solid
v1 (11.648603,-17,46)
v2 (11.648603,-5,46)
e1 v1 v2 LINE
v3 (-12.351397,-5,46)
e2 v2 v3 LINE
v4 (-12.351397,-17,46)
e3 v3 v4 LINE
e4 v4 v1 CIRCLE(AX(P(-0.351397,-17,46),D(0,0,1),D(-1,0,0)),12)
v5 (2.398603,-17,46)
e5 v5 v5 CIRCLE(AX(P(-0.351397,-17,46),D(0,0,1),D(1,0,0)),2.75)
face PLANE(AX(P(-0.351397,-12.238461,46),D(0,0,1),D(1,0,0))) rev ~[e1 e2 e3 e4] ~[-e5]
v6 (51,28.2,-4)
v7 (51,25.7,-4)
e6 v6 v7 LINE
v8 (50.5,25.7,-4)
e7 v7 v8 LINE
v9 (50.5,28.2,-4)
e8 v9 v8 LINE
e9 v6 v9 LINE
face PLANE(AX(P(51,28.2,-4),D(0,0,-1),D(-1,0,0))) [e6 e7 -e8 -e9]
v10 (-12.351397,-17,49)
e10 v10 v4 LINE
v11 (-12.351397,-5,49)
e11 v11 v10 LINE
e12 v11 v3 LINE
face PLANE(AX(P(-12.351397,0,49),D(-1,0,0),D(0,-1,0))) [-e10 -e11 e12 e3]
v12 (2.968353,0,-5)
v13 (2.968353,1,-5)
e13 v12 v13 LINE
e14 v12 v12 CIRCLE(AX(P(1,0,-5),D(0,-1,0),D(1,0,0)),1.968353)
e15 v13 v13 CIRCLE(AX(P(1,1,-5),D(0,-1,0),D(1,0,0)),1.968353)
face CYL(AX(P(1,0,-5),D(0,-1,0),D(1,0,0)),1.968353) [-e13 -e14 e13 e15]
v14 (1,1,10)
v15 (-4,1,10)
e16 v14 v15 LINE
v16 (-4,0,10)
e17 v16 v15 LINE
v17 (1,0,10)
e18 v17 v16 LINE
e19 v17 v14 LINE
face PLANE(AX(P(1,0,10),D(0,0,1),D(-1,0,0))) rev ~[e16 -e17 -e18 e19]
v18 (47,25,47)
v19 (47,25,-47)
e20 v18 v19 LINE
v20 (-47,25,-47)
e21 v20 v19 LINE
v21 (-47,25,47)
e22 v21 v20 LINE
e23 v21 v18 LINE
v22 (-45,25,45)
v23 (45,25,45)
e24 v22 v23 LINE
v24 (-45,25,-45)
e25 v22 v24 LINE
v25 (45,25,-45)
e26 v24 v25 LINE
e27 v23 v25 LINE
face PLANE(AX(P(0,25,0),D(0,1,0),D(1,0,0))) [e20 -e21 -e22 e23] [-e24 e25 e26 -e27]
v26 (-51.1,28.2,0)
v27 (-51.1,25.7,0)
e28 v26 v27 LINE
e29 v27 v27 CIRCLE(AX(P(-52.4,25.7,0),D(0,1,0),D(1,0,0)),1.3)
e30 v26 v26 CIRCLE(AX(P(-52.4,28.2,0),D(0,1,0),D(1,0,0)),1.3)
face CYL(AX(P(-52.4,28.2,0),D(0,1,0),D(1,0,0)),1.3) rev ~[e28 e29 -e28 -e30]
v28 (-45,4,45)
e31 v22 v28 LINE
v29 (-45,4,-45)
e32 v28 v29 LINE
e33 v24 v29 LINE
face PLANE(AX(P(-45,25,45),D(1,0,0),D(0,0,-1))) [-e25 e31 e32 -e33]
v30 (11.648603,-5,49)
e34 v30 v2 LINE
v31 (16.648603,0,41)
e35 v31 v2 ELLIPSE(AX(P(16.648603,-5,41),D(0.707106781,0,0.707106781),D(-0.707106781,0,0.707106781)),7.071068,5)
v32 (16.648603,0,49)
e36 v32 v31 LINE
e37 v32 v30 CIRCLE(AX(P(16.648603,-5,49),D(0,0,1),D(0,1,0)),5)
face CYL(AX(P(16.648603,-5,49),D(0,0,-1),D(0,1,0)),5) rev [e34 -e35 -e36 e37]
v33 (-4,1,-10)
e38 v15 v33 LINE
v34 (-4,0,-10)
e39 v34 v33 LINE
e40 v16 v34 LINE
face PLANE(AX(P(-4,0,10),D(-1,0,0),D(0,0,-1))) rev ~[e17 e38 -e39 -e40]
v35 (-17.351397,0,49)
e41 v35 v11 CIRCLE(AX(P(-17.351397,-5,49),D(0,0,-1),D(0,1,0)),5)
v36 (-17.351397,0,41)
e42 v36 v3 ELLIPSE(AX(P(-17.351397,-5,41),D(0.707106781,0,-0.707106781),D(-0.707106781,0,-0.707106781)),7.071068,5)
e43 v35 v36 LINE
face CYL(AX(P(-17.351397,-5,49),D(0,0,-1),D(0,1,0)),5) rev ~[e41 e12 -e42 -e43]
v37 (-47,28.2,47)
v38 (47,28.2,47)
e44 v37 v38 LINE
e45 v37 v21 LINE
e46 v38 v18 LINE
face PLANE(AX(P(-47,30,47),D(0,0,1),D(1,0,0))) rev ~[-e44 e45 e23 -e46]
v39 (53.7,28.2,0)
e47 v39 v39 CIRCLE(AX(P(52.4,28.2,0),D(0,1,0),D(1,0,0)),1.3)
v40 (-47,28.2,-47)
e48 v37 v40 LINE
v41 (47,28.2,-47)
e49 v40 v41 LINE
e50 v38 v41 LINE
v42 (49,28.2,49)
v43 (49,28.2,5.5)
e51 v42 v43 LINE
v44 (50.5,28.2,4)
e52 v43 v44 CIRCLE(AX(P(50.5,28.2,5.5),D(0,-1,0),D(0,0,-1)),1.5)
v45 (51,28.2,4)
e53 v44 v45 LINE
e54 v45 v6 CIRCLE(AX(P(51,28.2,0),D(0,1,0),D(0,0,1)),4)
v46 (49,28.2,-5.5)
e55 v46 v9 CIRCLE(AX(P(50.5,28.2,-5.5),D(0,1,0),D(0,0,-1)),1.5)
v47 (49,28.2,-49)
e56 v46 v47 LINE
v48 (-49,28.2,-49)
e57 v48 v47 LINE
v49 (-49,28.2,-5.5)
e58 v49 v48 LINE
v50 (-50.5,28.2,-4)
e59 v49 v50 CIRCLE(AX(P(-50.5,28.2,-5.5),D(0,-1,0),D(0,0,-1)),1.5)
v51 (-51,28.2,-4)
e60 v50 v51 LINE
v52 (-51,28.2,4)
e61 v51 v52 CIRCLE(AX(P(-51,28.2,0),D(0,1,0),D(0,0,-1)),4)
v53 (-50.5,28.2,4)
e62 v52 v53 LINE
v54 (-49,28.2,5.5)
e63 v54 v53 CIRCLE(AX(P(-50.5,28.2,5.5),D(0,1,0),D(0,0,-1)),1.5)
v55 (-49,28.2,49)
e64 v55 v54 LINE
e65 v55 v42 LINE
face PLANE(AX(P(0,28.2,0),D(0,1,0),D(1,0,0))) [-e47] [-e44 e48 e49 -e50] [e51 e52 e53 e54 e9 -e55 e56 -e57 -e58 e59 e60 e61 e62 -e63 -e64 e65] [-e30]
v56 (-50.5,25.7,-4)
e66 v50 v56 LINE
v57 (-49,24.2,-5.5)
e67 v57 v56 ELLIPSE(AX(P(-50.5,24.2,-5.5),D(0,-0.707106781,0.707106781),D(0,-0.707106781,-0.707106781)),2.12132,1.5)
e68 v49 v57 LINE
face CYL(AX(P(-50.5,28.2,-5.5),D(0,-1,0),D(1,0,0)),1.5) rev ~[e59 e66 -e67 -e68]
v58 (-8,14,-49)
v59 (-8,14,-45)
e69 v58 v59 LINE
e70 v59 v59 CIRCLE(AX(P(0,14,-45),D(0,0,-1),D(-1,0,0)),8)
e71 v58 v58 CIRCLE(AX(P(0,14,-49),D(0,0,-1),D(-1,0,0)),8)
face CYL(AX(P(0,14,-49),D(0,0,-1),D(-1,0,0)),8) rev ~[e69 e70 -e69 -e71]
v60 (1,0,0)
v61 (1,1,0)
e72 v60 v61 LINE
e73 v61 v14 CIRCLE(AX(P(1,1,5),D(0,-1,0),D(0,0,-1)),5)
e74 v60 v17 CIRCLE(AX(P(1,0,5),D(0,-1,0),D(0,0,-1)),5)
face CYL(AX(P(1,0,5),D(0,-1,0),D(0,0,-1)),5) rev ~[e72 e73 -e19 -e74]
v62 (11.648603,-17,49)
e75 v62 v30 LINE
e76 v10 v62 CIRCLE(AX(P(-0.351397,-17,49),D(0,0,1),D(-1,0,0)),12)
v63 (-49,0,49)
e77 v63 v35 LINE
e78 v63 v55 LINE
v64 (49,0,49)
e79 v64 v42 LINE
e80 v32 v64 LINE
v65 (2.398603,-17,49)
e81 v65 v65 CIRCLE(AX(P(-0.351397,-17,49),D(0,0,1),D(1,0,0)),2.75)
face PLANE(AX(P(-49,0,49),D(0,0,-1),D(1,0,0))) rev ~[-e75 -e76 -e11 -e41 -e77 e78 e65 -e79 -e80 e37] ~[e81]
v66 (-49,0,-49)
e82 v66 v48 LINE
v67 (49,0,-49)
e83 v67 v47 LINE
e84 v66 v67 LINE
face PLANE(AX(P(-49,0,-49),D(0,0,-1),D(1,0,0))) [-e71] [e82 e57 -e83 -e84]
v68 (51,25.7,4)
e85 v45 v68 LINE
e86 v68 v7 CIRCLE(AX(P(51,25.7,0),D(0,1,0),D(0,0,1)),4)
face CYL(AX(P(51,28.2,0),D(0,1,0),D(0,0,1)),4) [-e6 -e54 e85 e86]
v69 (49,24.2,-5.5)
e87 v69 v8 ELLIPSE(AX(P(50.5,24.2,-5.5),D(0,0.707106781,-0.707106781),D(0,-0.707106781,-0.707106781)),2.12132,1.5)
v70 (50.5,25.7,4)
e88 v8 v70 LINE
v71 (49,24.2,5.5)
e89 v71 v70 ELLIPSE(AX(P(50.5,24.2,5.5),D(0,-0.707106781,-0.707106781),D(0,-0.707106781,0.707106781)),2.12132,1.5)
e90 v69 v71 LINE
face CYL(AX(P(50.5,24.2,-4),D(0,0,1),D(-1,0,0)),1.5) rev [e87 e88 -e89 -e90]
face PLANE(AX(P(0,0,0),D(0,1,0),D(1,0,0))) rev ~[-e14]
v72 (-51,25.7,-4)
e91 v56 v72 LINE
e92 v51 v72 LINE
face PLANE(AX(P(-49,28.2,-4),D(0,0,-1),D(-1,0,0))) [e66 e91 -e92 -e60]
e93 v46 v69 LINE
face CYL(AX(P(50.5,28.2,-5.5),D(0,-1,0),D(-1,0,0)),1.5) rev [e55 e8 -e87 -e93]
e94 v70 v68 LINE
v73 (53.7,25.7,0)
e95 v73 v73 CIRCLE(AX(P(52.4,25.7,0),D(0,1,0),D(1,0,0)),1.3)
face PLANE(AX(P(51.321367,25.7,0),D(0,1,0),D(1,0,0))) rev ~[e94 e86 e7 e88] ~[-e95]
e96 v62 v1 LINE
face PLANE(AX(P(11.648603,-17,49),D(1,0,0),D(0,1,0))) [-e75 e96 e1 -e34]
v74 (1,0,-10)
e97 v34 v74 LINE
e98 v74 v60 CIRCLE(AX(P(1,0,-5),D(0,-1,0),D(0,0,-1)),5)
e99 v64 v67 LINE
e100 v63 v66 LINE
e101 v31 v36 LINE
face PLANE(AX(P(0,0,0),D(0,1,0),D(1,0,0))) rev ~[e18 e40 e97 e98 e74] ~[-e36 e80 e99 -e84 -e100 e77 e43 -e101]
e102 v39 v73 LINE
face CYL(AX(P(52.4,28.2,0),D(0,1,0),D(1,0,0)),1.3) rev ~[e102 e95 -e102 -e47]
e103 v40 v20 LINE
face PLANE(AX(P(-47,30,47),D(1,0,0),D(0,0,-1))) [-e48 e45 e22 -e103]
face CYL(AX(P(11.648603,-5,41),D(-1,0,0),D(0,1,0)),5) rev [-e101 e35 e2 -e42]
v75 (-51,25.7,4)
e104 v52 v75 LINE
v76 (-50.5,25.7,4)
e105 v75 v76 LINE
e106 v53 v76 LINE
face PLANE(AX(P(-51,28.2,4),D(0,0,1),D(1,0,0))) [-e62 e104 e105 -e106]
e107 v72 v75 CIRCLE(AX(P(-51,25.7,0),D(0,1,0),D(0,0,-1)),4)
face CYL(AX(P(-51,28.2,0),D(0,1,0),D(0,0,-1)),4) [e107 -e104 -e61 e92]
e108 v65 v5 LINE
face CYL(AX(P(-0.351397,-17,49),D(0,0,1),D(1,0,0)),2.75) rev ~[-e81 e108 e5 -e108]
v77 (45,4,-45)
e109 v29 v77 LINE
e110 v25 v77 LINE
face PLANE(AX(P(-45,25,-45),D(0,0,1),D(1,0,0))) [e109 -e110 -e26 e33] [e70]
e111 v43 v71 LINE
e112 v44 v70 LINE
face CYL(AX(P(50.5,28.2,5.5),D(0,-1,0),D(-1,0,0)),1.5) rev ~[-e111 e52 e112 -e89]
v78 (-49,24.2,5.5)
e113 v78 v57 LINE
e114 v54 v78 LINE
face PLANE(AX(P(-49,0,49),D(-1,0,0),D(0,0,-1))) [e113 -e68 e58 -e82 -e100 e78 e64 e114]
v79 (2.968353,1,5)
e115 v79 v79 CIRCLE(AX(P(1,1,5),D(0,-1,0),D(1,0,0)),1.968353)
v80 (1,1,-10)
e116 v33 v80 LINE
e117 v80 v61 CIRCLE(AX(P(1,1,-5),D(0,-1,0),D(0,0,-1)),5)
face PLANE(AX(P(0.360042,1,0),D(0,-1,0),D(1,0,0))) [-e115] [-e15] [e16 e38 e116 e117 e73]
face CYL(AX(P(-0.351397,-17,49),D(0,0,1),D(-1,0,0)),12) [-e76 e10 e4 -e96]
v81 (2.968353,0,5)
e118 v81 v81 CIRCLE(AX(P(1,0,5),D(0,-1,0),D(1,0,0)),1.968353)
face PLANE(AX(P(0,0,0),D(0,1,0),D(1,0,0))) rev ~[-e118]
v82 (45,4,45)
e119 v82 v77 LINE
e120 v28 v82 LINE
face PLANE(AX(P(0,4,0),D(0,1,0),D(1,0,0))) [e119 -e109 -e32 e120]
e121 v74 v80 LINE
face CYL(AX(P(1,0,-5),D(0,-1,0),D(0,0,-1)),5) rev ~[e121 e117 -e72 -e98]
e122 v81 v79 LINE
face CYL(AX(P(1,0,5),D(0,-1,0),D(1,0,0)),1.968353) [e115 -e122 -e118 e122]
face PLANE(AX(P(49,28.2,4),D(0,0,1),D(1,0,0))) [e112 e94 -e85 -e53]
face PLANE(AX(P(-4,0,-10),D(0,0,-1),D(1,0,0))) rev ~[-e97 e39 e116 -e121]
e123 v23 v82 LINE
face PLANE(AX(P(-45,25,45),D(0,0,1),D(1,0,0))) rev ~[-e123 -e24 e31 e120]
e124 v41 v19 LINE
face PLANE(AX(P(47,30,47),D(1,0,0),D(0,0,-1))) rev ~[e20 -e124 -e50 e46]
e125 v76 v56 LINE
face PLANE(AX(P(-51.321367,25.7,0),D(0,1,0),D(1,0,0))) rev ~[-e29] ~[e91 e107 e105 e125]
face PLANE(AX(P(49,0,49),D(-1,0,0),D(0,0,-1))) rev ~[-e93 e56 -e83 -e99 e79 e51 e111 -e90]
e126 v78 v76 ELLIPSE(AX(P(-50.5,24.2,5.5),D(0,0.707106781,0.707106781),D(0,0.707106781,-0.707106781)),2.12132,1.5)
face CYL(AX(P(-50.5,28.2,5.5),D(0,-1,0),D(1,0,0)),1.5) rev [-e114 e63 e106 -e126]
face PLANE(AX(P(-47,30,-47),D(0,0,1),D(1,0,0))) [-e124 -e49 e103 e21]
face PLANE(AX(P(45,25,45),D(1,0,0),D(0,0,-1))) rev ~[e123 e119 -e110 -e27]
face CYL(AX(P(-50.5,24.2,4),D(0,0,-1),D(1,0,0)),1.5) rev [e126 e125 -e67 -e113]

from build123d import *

# Parameters (mm, degrees)
SKETCH1_W           = 98
SKETCH1_H           = 98
BOSS_EXTRUDE1_DEPTH = 30
SKETCH2_W           = 94
SKETCH2_H           = 94
CUT_EXTRUDE1_DEPTH  = 5
SKETCH3_W           = 90
SKETCH3_H           = 90
CUT_EXTRUDE2_DEPTH  = 21
SKETCH4_W           = 98
SKETCH4_H           = 98
SKETCH4_W_2         = 94
SKETCH4_H_2         = 94
CUT_EXTRUDE3_DEPTH  = 1.8
SKETCH5_R           = 1.3
BOSS_EXTRUDE2_DEPTH = 2.5
FILLET1_R           = 1.5
FILLET2_R           = 1.5
CUT_EXTRUDE4_REACH  = 100
SKETCH6_R           = 8
SKETCH7_R           = 1.968352886
CUT_EXTRUDE5_DEPTH  = 1
SKETCH8_R           = 2.75
BOSS_EXTRUDE3_DEPTH = 3
FILLET3_R           = 5


with BuildPart() as part:
    # Sketch1 → Boss-Extrude1 (new body)
    with BuildSketch(Plane(origin=(0, 0, 0), x_dir=(1, 0, 0), z_dir=(0, 1, 0))):
        Rectangle(SKETCH1_W, SKETCH1_H)
    extrude(amount=BOSS_EXTRUDE1_DEPTH)

    # Sketch2 → Cut-Extrude1 (cut)
    with BuildSketch(Plane(origin=(0, 30, 0), x_dir=(1, 0, 0), z_dir=(0, 1, 0))):
        Rectangle(SKETCH2_W, SKETCH2_H)
    extrude(amount=-CUT_EXTRUDE1_DEPTH, mode=Mode.SUBTRACT)

    # Sketch3 → Cut-Extrude2 (cut)
    with BuildSketch(Plane(origin=(0, 25, 0), x_dir=(1, 0, 0), z_dir=(0, 1, 0))):
        Rectangle(SKETCH3_W, SKETCH3_H)
    extrude(amount=-CUT_EXTRUDE2_DEPTH, mode=Mode.SUBTRACT)

    # Sketch4 → Cut-Extrude3 (cut)
    with BuildSketch(Plane(origin=(0, 30, 0), x_dir=(1, 0, 0), z_dir=(0, 1, 0))):
        Rectangle(SKETCH4_W, SKETCH4_H)
        Rectangle(SKETCH4_W_2, SKETCH4_H_2, mode=Mode.SUBTRACT)
    extrude(amount=-CUT_EXTRUDE3_DEPTH, mode=Mode.SUBTRACT)

    # Sketch5 → Boss-Extrude2 (add)
    with BuildSketch(Plane(origin=(0, 28.2, 0), x_dir=(1, 0, 0), z_dir=(0, 1, 0))):
        with BuildLine():
            Line((-49, 4), (-51, 4))
            ThreePointArc((-51, 4), (-55, 0), (-51, -4))
            Line((-51, -4), (-49, -4))
            Line((-49, -4), (-49, 4))
        make_face()
        with Locations((-52.4, 0)):
            Circle(SKETCH5_R, mode=Mode.SUBTRACT)
        with BuildLine():
            Line((49, 4), (49, -4))
            Line((49, -4), (51, -4))
            ThreePointArc((51, -4), (55, 0), (51, 4))
            Line((51, 4), (49, 4))
        make_face()
        with Locations((52.4, 0)):
            Circle(SKETCH5_R, mode=Mode.SUBTRACT)
    extrude(amount=-BOSS_EXTRUDE2_DEPTH)

    # Fillet1
    fillet1_edges = [part.edges().sort_by_distance(p)[0] for p in [
        (-49, 25.7, 0),
        (-49, 26.95, -4),
        (-49, 26.95, 4),
    ]]
    fillet(fillet1_edges, radius=FILLET1_R)

    # Fillet2
    fillet2_edges = [part.edges().sort_by_distance(p)[0] for p in [
        (49, 26.95, -4),
        (49, 25.7, 0),
        (49, 26.95, 4),
    ]]
    fillet(fillet2_edges, radius=FILLET2_R)

    # Sketch6 → Cut-Extrude4 (cut, up to next)
    with BuildSketch(Plane(origin=(0, 0, -49), x_dir=(-1, 0, 0), z_dir=(0, 0, -1)), mode=Mode.PRIVATE) as cut_extrude4_sk1:
        with Locations((0, 14)):
            Circle(SKETCH6_R)
    cut_extrude4_tool1 = extrude(cut_extrude4_sk1.sketch, amount=-CUT_EXTRUDE4_REACH, mode=Mode.PRIVATE) & part.part
    add(cut_extrude4_tool1.solids().sort_by_distance((0, 14, -49))[0], mode=Mode.SUBTRACT)

    # Sketch7 → Cut-Extrude5 (cut)
    with BuildSketch(Plane.XZ):
        with BuildLine():
            Line((-4, -10), (-1, -10))
            Line((-1, -10), (1, -10))
            ThreePointArc((1, -10), (6, -5), (1, 0))
            ThreePointArc((1, 0), (6, 5), (1, 10))
            Line((1, 10), (-4, 10))
            Line((-4, 10), (-4, -10))
        make_face()
        with Locations((1, 5)):
            Circle(SKETCH7_R, mode=Mode.SUBTRACT)
        with Locations((1, -5)):
            Circle(SKETCH7_R, mode=Mode.SUBTRACT)
    extrude(amount=-CUT_EXTRUDE5_DEPTH, mode=Mode.SUBTRACT)

    # Sketch8 → Boss-Extrude3 (add)
    with BuildSketch(Plane.XY.offset(49)):
        with BuildLine():
            Line((11.648602748, -17), (11.648602748, 0))
            Line((11.648602748, 0), (-12.351397252, 0))
            Line((-12.351397252, 0), (-12.351397252, -17))
            ThreePointArc((-12.351397252, -17), (-0.351397252, -29), (11.648602748, -17))
        make_face()
        with Locations((-0.351397252, -17)):
            Circle(SKETCH8_R, mode=Mode.SUBTRACT)
    extrude(amount=-BOSS_EXTRUDE3_DEPTH)

    # Fillet3
    fillet3_edges = [part.edges().sort_by_distance(p)[0] for p in [
        (-0.351397252, 0, 46),
        (-12.351397252, 0, 47.5),
        (11.648602748, 0, 47.5),
    ]]
    fillet(fillet3_edges, radius=FILLET3_R)


solid = part.part
